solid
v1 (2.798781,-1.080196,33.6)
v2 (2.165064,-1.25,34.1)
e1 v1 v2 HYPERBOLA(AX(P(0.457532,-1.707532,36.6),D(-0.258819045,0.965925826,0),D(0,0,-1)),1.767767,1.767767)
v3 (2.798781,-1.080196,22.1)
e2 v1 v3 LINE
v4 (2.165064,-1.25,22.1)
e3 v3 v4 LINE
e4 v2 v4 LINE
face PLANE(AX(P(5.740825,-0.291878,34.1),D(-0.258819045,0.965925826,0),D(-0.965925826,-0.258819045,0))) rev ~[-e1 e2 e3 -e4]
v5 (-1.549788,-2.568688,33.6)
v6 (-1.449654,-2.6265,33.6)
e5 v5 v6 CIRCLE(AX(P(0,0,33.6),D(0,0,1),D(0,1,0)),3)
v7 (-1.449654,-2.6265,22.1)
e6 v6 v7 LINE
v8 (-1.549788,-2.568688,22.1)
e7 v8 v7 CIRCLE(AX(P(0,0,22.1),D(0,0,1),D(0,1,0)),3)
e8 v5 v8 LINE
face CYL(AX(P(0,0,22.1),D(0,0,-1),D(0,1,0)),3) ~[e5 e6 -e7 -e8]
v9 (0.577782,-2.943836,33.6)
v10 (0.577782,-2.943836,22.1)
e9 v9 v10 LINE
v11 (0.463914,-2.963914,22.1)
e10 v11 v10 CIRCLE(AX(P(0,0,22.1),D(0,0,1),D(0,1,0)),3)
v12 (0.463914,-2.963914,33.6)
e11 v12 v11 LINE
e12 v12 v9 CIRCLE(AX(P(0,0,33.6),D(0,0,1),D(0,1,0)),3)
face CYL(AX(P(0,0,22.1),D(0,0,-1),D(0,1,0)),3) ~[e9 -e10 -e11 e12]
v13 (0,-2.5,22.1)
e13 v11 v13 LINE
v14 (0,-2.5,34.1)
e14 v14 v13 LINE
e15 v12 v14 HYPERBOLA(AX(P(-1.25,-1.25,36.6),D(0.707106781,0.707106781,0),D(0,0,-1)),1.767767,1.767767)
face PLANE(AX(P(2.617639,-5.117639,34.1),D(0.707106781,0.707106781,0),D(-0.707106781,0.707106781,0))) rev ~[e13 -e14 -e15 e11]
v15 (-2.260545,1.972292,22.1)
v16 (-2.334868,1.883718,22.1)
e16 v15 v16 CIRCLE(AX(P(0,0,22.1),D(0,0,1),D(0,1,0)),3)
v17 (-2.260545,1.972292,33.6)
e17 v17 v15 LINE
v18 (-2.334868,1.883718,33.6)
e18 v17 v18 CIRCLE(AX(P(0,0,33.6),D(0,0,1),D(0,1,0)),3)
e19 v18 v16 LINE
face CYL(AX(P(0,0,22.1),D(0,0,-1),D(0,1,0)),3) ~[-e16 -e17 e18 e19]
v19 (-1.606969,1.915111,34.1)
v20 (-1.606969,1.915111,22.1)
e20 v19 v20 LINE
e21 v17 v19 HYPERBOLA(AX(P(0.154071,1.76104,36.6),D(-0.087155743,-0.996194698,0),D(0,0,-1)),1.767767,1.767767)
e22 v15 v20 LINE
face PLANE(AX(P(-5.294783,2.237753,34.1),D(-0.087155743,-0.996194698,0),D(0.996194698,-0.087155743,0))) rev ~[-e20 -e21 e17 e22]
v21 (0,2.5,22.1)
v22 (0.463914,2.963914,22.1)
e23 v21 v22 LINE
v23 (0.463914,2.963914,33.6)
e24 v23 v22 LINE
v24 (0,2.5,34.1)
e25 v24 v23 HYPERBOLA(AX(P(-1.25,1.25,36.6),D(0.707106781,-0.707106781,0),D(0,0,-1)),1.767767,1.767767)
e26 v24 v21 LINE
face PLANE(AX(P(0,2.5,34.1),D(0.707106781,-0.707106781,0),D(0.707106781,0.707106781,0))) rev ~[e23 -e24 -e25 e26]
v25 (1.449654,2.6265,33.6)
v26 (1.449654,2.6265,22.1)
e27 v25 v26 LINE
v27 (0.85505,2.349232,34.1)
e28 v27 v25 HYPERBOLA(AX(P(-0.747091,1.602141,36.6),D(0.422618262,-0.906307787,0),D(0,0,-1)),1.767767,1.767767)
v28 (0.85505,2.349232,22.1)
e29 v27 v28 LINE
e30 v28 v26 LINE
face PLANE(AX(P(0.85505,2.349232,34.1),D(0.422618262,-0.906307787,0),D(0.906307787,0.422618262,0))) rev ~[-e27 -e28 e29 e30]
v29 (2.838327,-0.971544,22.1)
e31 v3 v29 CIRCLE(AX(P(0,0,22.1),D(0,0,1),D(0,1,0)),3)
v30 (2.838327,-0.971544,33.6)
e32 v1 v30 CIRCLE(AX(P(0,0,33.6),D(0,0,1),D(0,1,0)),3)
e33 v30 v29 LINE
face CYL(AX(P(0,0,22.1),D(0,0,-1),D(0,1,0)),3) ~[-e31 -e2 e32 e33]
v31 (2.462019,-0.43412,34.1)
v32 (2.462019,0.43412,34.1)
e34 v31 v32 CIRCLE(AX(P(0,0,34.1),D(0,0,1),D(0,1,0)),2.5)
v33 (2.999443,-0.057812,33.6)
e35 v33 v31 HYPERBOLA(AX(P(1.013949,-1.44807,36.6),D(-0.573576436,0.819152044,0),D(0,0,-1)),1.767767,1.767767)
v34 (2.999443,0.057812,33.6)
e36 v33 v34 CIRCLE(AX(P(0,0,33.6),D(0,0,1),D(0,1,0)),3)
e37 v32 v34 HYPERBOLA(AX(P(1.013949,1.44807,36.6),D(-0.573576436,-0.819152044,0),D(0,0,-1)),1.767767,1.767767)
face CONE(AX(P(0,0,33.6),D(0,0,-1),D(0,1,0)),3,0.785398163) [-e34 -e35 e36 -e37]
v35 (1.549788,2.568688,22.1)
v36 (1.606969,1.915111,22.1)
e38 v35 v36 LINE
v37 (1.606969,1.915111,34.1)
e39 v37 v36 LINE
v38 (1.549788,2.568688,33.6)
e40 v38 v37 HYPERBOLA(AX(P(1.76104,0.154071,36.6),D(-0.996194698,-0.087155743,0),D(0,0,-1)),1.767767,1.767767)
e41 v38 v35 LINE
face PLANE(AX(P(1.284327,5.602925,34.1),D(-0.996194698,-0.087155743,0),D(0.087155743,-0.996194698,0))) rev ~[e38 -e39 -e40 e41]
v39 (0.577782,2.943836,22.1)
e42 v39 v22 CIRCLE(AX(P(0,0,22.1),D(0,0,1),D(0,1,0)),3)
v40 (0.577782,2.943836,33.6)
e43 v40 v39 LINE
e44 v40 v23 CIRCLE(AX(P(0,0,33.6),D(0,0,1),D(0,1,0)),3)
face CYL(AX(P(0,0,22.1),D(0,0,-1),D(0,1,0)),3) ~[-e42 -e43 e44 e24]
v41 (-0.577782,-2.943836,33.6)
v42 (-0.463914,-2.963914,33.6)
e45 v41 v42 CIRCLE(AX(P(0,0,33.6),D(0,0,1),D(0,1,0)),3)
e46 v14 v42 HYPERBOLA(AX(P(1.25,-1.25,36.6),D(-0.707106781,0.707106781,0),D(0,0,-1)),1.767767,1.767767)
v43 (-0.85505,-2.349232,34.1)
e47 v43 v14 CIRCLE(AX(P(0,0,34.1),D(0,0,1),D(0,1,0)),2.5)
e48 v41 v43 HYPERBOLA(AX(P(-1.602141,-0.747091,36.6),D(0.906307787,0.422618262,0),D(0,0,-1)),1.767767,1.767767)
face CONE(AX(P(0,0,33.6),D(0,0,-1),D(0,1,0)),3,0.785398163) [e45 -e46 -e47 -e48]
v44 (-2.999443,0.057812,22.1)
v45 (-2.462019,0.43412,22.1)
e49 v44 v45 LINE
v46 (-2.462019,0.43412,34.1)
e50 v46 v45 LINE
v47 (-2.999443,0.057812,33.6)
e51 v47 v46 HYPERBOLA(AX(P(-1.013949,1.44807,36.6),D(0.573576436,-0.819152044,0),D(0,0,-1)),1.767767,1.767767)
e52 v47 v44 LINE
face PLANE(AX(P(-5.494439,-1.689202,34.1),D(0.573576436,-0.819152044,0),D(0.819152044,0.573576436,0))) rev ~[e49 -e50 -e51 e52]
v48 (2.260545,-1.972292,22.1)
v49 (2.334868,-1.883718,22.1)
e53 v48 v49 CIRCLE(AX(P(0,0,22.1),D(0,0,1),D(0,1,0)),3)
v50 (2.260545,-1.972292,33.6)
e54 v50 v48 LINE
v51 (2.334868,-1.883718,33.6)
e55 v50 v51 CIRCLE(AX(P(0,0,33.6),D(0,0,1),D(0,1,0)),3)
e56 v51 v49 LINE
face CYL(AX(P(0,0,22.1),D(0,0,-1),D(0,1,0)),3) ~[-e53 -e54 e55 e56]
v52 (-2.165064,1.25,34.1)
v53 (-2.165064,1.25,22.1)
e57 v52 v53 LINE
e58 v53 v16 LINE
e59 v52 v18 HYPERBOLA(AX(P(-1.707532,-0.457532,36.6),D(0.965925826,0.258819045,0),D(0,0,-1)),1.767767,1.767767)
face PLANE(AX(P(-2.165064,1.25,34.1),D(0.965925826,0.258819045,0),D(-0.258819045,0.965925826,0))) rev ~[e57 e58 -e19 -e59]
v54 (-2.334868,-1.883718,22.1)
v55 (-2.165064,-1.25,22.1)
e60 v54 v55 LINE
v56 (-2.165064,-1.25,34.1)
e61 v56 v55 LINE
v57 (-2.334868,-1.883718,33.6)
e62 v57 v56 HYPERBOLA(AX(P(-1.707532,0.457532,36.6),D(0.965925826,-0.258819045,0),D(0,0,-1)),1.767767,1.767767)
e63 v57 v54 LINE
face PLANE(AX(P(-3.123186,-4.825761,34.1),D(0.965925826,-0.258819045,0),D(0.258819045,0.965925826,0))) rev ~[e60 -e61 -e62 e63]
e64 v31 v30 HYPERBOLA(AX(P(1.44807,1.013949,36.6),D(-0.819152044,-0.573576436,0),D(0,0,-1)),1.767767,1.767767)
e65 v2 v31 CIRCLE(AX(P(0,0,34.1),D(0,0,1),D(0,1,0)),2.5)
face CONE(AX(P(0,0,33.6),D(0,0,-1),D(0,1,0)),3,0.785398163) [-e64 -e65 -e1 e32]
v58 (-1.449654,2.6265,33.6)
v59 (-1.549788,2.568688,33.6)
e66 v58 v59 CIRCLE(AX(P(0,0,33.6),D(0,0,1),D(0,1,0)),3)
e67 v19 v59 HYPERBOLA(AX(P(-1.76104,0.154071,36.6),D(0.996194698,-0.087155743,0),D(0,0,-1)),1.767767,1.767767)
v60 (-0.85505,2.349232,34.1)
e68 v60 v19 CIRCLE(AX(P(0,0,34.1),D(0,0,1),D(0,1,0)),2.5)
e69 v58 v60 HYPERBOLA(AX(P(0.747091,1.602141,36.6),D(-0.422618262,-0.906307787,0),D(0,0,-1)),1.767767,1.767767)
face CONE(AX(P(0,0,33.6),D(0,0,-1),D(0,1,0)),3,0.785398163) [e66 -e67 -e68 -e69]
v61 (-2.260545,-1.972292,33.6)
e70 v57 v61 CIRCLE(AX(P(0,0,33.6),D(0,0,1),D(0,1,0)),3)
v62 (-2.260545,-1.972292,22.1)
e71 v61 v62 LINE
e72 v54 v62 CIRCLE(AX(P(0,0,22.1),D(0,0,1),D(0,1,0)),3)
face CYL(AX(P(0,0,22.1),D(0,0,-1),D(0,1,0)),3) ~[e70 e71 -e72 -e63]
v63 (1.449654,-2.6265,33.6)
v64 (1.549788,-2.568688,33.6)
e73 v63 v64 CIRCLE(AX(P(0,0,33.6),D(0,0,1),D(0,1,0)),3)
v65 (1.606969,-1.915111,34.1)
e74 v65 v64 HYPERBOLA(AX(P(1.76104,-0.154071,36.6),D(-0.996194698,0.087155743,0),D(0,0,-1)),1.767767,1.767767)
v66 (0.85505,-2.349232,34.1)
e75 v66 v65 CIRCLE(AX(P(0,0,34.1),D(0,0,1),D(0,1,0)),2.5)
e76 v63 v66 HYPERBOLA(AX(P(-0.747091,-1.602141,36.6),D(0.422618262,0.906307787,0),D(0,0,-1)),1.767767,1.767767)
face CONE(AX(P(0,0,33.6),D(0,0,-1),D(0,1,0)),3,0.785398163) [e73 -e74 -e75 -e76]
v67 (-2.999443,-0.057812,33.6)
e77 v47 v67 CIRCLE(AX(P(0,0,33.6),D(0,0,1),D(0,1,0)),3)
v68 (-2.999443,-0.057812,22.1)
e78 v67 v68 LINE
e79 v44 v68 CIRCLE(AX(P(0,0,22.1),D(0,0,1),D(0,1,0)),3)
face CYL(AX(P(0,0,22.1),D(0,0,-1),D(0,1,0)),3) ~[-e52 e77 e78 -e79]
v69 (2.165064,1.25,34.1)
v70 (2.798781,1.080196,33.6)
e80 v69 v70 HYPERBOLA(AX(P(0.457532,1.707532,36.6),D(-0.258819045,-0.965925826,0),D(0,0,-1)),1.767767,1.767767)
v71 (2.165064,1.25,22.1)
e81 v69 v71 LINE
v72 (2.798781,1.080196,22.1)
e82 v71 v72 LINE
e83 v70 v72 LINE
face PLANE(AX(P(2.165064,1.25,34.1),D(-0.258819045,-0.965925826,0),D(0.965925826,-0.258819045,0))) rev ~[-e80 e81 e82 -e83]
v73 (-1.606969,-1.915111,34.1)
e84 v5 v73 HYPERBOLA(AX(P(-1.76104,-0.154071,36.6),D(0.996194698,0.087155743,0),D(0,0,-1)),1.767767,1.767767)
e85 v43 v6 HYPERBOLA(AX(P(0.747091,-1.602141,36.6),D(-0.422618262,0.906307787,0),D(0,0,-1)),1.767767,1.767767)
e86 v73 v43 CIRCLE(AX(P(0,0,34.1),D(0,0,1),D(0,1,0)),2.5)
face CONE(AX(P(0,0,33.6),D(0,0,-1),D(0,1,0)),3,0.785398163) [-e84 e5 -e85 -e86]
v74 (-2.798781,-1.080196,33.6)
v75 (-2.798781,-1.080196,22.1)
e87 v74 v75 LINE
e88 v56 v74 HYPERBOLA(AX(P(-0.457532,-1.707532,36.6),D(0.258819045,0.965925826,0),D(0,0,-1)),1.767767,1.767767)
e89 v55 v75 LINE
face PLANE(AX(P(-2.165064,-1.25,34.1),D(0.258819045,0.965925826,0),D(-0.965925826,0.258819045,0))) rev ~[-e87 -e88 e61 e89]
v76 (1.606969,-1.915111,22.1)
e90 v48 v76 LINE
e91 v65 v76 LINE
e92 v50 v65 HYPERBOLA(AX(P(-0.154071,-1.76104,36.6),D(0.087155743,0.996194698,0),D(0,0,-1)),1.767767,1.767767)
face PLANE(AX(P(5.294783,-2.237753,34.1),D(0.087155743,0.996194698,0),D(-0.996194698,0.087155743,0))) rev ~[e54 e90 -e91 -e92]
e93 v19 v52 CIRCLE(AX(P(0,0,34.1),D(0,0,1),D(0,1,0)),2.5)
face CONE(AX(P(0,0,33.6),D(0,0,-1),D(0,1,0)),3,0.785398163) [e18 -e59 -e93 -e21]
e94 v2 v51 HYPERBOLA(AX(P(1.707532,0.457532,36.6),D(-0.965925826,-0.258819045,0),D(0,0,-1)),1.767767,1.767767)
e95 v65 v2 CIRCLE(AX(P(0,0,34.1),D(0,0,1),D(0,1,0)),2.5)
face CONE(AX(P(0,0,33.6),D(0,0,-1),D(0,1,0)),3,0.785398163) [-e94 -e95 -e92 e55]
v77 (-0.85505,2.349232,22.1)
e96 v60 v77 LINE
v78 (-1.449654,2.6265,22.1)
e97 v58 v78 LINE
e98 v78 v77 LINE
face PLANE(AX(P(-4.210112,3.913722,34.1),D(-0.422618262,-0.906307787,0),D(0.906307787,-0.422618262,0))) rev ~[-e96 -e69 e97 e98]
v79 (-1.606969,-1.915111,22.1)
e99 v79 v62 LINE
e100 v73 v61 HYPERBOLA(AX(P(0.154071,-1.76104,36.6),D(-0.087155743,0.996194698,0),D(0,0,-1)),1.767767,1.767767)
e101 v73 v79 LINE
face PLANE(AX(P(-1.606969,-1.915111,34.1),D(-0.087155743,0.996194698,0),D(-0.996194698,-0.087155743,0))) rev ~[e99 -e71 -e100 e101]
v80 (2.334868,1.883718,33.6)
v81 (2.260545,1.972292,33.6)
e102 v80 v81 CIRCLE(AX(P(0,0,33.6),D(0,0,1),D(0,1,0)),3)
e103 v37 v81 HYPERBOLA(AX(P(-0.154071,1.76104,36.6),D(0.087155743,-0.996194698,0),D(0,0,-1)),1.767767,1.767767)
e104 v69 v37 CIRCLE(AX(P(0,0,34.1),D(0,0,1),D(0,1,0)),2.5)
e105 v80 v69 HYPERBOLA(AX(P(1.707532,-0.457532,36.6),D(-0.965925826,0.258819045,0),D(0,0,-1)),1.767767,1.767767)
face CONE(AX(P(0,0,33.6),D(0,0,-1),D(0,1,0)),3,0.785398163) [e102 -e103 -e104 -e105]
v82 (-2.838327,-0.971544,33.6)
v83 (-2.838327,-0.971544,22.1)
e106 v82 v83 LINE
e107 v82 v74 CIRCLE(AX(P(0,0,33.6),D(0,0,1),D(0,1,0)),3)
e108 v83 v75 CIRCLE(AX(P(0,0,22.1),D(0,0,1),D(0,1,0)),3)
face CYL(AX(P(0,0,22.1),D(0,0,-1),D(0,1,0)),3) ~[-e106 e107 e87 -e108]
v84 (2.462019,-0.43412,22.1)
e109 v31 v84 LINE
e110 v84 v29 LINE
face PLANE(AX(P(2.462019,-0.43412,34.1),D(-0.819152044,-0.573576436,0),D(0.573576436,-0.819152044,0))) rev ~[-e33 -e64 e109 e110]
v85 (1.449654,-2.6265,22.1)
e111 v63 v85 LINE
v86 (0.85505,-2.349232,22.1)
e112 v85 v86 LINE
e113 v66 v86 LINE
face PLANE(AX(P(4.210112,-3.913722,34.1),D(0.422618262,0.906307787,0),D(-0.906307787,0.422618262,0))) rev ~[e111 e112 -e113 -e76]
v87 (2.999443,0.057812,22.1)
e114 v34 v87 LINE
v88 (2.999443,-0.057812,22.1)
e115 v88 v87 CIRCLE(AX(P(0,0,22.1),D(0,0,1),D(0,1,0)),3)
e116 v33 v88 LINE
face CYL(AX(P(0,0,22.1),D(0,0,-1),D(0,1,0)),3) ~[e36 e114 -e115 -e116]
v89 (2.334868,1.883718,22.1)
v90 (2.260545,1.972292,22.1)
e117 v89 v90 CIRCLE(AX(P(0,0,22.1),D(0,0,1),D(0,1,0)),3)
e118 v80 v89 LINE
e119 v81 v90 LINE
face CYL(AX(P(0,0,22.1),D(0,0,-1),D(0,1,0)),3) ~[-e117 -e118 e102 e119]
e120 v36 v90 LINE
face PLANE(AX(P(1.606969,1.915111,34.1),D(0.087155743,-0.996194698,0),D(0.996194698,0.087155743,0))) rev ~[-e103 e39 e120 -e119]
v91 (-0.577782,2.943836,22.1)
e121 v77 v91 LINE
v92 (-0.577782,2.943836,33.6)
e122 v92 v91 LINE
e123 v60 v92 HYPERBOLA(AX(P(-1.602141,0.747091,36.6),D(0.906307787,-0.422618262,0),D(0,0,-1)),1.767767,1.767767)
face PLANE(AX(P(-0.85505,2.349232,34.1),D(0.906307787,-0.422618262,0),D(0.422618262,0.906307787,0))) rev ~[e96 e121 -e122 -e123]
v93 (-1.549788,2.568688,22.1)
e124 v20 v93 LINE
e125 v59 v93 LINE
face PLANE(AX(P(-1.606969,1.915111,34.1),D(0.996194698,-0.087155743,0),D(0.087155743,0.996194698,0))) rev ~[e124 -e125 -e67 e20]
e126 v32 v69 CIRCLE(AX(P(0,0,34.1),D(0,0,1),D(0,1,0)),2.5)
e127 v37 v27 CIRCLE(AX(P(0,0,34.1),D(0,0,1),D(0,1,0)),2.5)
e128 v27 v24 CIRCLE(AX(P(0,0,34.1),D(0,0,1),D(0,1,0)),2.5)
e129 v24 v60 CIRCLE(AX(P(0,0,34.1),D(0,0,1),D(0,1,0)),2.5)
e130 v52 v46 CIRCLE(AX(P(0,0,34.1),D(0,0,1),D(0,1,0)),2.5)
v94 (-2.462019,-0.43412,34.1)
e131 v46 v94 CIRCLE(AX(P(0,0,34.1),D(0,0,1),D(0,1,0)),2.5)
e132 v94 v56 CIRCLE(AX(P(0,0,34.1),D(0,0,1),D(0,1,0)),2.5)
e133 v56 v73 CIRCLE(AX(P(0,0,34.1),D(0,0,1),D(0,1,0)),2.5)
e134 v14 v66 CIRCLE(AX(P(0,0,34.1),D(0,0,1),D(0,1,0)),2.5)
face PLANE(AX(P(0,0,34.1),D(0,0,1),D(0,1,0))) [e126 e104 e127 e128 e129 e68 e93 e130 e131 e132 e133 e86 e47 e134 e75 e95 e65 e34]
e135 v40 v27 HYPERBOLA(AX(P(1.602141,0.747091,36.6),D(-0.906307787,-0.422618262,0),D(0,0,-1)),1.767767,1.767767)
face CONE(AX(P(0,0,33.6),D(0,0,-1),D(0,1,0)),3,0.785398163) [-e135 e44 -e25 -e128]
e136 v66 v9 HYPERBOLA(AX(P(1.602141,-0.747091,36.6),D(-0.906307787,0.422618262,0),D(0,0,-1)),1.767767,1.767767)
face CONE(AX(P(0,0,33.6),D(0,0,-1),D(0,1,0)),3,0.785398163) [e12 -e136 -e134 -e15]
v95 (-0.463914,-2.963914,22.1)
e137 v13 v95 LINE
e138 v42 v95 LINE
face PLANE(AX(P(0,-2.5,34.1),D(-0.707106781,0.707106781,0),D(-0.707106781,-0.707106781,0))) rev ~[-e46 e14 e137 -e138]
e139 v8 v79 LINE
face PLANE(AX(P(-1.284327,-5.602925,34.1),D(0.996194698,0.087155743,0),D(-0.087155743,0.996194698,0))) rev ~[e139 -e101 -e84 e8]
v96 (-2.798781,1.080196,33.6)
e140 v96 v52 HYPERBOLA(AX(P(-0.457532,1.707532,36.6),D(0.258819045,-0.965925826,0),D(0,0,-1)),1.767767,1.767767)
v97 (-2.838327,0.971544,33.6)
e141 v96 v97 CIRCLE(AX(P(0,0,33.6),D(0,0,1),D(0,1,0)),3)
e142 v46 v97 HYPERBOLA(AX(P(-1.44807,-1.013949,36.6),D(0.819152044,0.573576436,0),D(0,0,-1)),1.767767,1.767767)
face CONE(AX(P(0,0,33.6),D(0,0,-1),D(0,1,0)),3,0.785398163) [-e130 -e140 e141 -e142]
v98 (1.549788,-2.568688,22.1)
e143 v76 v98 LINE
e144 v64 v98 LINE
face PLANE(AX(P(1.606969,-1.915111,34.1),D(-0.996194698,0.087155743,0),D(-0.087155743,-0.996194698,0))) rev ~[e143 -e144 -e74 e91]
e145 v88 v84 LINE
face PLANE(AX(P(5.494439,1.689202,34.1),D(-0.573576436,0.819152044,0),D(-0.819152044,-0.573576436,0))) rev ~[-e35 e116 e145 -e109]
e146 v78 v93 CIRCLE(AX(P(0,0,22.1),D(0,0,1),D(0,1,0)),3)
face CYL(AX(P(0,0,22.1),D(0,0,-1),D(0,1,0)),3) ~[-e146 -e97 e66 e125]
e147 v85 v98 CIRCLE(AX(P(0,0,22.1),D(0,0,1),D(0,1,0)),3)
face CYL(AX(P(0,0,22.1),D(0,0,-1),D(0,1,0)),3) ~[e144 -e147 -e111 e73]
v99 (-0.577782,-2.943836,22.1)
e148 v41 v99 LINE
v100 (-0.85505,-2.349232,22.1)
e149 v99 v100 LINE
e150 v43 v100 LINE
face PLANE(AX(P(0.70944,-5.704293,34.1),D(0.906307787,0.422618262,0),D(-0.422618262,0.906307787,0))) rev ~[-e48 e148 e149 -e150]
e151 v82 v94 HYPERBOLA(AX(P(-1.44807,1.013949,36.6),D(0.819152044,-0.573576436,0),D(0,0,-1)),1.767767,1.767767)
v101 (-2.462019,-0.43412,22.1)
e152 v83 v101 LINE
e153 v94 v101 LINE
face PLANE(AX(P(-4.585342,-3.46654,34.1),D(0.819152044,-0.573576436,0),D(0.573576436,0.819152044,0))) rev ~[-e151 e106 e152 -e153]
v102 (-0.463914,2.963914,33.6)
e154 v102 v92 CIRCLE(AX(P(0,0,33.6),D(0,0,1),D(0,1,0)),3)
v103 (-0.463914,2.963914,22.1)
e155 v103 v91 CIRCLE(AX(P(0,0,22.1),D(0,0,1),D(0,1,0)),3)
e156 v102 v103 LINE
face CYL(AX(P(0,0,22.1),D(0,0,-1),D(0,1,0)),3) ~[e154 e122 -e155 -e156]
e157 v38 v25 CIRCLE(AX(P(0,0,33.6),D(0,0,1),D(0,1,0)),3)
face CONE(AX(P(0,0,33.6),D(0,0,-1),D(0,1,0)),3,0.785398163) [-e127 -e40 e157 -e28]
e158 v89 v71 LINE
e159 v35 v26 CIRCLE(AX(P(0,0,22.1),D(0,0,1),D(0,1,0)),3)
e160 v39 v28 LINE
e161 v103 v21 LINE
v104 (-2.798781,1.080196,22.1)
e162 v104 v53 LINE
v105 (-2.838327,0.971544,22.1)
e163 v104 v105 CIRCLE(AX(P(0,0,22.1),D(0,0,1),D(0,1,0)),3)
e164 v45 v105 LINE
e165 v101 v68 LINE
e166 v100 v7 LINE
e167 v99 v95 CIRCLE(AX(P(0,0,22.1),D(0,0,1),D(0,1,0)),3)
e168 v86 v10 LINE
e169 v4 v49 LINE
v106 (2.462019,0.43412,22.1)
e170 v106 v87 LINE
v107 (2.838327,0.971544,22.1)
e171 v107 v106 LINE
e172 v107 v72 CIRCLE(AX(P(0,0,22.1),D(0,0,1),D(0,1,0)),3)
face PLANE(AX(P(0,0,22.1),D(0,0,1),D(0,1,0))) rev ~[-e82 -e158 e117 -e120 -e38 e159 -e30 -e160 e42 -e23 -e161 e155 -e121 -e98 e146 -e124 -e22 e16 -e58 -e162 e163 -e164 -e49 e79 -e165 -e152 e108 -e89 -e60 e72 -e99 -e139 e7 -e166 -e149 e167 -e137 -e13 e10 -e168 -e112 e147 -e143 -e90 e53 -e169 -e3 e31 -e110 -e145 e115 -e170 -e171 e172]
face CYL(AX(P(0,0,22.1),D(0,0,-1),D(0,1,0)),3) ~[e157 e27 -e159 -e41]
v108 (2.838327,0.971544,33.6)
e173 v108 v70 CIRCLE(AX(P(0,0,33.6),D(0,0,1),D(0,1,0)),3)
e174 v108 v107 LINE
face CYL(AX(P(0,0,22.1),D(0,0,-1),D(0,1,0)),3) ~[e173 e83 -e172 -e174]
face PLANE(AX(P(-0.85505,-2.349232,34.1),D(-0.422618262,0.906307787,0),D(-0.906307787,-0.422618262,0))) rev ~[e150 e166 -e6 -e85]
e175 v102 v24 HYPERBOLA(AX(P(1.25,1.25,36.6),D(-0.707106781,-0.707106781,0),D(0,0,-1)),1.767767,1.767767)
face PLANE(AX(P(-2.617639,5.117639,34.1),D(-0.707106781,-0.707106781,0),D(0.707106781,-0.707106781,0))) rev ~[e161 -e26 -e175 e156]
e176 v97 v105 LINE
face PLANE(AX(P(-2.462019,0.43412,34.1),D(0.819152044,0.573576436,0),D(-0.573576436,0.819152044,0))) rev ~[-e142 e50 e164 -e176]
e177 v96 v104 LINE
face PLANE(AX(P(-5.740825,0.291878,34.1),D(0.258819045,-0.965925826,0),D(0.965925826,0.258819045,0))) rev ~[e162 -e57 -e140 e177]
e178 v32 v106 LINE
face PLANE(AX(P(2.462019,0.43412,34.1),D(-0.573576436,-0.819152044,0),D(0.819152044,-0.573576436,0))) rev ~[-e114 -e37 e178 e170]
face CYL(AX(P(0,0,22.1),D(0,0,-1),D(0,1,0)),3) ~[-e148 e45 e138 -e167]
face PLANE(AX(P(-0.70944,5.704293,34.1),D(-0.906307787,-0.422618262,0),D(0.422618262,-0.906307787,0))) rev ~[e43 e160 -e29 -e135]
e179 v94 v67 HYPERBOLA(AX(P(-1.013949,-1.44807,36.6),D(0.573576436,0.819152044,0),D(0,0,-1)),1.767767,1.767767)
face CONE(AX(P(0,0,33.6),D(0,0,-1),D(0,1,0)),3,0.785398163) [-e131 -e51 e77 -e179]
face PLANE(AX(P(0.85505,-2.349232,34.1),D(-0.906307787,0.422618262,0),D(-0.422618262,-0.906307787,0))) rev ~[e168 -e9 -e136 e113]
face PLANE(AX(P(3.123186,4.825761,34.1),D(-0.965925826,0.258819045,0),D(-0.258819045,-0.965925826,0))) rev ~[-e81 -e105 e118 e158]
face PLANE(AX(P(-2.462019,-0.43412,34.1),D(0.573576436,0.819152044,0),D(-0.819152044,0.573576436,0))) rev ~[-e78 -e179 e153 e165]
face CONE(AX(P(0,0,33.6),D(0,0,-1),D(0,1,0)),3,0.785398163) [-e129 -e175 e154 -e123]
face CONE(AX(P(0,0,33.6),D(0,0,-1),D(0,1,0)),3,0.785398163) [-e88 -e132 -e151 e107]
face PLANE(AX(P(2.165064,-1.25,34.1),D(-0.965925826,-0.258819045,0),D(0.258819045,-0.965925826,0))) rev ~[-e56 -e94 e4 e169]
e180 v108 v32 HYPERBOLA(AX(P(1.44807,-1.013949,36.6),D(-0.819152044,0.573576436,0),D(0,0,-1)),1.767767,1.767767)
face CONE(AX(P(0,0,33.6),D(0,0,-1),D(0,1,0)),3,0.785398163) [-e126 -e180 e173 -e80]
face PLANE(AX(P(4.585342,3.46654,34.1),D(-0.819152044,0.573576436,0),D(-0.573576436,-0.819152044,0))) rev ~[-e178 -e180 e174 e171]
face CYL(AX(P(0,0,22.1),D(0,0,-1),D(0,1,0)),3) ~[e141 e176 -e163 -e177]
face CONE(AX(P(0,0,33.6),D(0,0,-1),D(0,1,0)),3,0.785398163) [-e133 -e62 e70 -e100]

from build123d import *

# Parameters (mm, degrees)
SKETCH009_R           = 3
PAD006_DEPTH          = 12
CHAMFER001_SIZE       = 0.5
POCKET002_DEPTH       = 12
POLARPATTERN001_COUNT = 18


with BuildPart() as part:
    # Sketch009 → Pad006 (new body)
    with BuildSketch(Plane(origin=(0, 0, 22.1), x_dir=(0, 1, 0), z_dir=(0, 0, 1))):
        Circle(SKETCH009_R)
    extrude(amount=PAD006_DEPTH)

    # Chamfer001
    chamfer001_edges = [part.edges().sort_by_distance(p)[0] for p in [
        (0, -3, 34.1),
    ]]
    chamfer(chamfer001_edges, length=CHAMFER001_SIZE)

    # Sketch011 (on Face4 of Chamfer001) → Pocket002 (cut)
    with BuildSketch(Plane.XY.offset(34.1)):
        Polygon((0, 2.5), (2.617639, 5.117639), (-2.617639, 5.117639), align=None)
    pocket002 = extrude(amount=-POCKET002_DEPTH, mode=Mode.SUBTRACT)

    # PolarPattern001: Pocket002 ×18 about axis
    polarpattern001_axis = Axis((0, 0, 34.1), (0, 0, 1))
    for i in range(1, POLARPATTERN001_COUNT):
        add(pocket002.rotate(polarpattern001_axis, i * 360 / POLARPATTERN001_COUNT), mode=Mode.SUBTRACT)


solid = part.part
